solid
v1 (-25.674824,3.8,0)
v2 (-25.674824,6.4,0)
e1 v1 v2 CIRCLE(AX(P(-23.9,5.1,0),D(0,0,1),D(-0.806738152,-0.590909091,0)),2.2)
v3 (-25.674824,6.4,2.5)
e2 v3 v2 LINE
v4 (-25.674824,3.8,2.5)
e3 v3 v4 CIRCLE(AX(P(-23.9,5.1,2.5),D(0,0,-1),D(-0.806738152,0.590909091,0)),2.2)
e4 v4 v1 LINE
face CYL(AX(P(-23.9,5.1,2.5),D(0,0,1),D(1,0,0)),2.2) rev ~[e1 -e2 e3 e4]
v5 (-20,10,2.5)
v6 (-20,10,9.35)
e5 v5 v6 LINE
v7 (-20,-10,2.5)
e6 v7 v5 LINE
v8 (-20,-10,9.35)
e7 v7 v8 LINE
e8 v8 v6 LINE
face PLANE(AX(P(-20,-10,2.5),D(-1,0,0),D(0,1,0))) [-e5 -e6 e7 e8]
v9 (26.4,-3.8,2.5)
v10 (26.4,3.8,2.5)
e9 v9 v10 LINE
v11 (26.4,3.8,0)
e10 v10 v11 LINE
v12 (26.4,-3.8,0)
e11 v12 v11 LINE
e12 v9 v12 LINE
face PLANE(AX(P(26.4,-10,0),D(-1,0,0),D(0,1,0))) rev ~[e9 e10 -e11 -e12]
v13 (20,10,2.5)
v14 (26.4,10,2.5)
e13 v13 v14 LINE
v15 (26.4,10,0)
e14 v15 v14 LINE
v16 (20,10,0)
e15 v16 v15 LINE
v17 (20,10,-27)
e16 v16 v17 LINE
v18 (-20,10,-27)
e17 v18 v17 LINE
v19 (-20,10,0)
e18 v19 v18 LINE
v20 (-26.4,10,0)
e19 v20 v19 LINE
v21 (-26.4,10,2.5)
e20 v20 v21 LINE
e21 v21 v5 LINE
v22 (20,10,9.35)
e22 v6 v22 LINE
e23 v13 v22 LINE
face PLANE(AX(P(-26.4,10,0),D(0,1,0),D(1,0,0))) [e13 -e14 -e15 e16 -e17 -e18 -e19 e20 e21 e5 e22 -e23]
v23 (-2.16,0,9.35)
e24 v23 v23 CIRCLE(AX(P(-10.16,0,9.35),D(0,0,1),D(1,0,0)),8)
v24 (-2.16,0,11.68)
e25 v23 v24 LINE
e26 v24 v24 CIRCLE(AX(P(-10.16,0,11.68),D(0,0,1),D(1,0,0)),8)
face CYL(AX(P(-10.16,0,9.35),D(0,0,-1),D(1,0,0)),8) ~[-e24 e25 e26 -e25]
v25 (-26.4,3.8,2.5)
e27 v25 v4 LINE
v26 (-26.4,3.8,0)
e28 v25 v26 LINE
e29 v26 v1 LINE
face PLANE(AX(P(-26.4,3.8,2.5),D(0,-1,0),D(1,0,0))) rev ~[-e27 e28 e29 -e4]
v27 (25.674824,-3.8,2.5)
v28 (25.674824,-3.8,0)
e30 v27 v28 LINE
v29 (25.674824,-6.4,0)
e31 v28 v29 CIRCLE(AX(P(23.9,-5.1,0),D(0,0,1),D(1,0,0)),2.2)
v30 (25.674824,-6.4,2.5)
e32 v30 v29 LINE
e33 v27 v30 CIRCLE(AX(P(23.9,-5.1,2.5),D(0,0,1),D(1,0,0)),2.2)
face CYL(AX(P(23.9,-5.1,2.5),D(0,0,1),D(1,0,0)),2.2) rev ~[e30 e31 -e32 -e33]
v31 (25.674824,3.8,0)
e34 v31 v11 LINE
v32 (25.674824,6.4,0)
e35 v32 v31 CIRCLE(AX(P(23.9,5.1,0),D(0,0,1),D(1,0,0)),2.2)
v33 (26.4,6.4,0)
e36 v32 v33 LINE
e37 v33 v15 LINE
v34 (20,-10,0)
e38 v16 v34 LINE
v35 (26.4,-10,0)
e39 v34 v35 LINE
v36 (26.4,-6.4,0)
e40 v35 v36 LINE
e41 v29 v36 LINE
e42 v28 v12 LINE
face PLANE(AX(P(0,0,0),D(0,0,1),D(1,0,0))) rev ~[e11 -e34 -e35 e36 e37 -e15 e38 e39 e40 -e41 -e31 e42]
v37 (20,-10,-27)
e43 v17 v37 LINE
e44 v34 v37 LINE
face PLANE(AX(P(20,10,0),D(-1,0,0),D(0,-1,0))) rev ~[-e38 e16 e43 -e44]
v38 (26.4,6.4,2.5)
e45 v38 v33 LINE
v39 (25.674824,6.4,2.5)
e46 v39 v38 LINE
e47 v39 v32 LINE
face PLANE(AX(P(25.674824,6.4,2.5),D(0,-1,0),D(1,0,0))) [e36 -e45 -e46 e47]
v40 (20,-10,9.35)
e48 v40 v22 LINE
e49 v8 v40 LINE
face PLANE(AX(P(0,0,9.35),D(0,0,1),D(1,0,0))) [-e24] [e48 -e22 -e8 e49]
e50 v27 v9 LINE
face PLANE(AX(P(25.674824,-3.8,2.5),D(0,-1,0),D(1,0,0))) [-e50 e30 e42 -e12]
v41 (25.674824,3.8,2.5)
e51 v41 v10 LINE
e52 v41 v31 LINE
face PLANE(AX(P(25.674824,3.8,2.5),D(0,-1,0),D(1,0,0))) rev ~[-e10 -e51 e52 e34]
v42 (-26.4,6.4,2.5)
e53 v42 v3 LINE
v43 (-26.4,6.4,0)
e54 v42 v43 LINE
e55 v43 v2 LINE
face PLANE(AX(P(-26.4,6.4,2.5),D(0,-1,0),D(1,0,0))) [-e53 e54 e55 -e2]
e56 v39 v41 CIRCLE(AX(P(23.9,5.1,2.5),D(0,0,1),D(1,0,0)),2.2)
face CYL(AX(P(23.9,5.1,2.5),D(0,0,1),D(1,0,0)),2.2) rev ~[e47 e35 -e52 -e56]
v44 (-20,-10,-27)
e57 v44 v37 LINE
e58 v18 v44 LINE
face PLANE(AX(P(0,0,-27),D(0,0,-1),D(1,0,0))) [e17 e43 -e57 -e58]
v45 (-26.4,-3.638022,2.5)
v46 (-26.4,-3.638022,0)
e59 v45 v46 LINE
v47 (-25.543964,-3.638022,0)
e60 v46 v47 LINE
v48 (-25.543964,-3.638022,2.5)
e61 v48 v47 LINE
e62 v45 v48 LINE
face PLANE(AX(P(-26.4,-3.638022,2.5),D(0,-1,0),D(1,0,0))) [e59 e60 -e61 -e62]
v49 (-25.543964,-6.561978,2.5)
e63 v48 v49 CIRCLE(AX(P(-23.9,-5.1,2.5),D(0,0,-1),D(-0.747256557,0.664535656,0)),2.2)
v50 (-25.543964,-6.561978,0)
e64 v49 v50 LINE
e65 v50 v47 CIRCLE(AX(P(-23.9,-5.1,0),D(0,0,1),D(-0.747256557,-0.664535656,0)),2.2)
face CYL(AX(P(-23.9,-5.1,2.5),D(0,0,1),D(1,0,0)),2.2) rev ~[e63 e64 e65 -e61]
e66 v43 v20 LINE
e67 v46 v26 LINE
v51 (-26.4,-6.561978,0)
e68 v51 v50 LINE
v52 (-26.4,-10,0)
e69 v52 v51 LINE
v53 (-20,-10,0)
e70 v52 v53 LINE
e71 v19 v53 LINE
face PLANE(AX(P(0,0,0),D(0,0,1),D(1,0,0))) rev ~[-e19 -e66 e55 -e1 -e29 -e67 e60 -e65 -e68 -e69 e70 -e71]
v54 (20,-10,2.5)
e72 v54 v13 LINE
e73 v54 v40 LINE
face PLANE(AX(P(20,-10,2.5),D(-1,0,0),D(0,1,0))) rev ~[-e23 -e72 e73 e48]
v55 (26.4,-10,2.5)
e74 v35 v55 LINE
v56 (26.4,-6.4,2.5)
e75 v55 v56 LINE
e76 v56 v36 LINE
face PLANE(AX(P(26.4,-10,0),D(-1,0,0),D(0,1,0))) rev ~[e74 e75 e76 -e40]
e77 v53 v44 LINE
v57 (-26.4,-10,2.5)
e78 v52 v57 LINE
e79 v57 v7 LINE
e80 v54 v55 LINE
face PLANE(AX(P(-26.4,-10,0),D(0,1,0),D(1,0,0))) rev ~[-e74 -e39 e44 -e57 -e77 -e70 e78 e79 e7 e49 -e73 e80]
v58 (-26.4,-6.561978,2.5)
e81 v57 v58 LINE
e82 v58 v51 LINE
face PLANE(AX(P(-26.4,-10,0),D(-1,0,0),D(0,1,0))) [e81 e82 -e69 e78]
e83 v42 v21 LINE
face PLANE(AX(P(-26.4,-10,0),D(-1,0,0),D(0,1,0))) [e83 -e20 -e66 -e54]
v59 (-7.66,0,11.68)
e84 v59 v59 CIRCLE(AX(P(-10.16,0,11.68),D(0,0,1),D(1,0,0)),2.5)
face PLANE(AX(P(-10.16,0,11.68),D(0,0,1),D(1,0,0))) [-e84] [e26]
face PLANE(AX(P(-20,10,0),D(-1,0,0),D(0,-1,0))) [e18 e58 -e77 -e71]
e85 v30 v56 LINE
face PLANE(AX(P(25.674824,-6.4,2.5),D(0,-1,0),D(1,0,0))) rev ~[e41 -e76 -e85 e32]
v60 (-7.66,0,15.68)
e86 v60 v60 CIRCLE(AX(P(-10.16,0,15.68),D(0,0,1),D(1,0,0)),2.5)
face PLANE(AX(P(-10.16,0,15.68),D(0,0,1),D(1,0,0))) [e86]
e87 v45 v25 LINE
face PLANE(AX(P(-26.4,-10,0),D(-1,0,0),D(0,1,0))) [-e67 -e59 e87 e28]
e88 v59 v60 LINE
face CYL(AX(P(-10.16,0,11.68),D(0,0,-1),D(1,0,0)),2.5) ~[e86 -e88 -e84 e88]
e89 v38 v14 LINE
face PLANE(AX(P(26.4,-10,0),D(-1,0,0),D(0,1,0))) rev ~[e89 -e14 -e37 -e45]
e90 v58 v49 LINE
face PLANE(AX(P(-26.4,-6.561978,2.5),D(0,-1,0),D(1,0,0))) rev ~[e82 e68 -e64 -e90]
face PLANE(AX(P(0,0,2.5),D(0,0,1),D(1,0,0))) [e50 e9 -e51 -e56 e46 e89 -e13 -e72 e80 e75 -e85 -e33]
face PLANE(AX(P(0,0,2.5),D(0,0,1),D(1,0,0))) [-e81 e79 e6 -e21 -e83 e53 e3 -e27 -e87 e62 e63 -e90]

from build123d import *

# Parameters (mm, degrees)
F0_W      = 52.8
F0_H      = 20
F1_DEPTH  = 2.5
F2_W      = 40
F2_H      = 20
F3_DEPTH  = 6.85
F4_W      = 40
F4_H      = 20
F5_DEPTH  = 27
F6_R      = 2.2
F7_DEPTH  = 2.5
F8_W      = 0.7251760651
F8_H      = 2.6
F8_W_2    = 0.8560355749
F8_H_2    = 2.9239568868
F9_DEPTH  = 4
F10_W     = 0.7251760651
F10_H     = 2.6
F11_DEPTH = 5
F12_R     = 8
F13_DEPTH = 2.33
F14_R     = 2.5
F15_DEPTH = 4


with BuildPart() as f1:
    # F0 (on Top) → F1 (new body)
    with BuildSketch(Plane.XY):
        Rectangle(F0_W, F0_H)
    extrude(amount=F1_DEPTH)

    # F2 (on face) → F3 (join)
    with BuildSketch(Plane.XY.offset(2.5)):
        Rectangle(F2_W, F2_H)
    extrude(amount=F3_DEPTH)

    # F4 (on face) → F5 (join)
    with BuildSketch(Plane(origin=(0, 0, 0), x_dir=(1, 0, 0), z_dir=(0, 0, -1))):
        Rectangle(F4_W, F4_H)
    extrude(amount=F5_DEPTH)

    # F6 (on face) → F7 (cut, through all)
    with BuildSketch(Plane.XY.offset(2.5)):
        with Locations((-23.9, 5.1)):
            Circle(F6_R)
        with Locations((-23.9, -5.1)):
            Circle(F6_R)
        with Locations((23.9, 5.1)):
            Circle(F6_R)
        with Locations((23.9, -5.1)):
            Circle(F6_R)
    extrude(amount=-F7_DEPTH, mode=Mode.SUBTRACT)

    # F8 (on face) → F9 (cut)
    with BuildSketch(Plane.XY.offset(2.5)):
        with Locations((-26.0374119675, 5.1)):
            Rectangle(F8_W, F8_H)
        with Locations((-25.9719822126, -5.1)):
            Rectangle(F8_W_2, F8_H_2)
    extrude(amount=-F9_DEPTH, mode=Mode.SUBTRACT)

    # F10 (on face) → F11 (cut)
    with BuildSketch(Plane.XY.offset(2.5)):
        with Locations((26.0374119675, 5.1)):
            Rectangle(F10_W, F10_H)
        with Locations((26.0374119675, -5.1)):
            Rectangle(F10_W, F10_H)
    extrude(amount=-F11_DEPTH, mode=Mode.SUBTRACT)

    # F12 (on face) → F13 (join)
    with BuildSketch(Plane.XY.offset(9.35)):
        with Locations((-10.16, 0)):
            Circle(F12_R)
    extrude(amount=F13_DEPTH)

    # F14 (on face) → F15 (join)
    with BuildSketch(Plane.XY.offset(11.68)):
        with Locations((-10.16, 0)):
            Circle(F14_R)
    extrude(amount=F15_DEPTH)


solid = f1.part
